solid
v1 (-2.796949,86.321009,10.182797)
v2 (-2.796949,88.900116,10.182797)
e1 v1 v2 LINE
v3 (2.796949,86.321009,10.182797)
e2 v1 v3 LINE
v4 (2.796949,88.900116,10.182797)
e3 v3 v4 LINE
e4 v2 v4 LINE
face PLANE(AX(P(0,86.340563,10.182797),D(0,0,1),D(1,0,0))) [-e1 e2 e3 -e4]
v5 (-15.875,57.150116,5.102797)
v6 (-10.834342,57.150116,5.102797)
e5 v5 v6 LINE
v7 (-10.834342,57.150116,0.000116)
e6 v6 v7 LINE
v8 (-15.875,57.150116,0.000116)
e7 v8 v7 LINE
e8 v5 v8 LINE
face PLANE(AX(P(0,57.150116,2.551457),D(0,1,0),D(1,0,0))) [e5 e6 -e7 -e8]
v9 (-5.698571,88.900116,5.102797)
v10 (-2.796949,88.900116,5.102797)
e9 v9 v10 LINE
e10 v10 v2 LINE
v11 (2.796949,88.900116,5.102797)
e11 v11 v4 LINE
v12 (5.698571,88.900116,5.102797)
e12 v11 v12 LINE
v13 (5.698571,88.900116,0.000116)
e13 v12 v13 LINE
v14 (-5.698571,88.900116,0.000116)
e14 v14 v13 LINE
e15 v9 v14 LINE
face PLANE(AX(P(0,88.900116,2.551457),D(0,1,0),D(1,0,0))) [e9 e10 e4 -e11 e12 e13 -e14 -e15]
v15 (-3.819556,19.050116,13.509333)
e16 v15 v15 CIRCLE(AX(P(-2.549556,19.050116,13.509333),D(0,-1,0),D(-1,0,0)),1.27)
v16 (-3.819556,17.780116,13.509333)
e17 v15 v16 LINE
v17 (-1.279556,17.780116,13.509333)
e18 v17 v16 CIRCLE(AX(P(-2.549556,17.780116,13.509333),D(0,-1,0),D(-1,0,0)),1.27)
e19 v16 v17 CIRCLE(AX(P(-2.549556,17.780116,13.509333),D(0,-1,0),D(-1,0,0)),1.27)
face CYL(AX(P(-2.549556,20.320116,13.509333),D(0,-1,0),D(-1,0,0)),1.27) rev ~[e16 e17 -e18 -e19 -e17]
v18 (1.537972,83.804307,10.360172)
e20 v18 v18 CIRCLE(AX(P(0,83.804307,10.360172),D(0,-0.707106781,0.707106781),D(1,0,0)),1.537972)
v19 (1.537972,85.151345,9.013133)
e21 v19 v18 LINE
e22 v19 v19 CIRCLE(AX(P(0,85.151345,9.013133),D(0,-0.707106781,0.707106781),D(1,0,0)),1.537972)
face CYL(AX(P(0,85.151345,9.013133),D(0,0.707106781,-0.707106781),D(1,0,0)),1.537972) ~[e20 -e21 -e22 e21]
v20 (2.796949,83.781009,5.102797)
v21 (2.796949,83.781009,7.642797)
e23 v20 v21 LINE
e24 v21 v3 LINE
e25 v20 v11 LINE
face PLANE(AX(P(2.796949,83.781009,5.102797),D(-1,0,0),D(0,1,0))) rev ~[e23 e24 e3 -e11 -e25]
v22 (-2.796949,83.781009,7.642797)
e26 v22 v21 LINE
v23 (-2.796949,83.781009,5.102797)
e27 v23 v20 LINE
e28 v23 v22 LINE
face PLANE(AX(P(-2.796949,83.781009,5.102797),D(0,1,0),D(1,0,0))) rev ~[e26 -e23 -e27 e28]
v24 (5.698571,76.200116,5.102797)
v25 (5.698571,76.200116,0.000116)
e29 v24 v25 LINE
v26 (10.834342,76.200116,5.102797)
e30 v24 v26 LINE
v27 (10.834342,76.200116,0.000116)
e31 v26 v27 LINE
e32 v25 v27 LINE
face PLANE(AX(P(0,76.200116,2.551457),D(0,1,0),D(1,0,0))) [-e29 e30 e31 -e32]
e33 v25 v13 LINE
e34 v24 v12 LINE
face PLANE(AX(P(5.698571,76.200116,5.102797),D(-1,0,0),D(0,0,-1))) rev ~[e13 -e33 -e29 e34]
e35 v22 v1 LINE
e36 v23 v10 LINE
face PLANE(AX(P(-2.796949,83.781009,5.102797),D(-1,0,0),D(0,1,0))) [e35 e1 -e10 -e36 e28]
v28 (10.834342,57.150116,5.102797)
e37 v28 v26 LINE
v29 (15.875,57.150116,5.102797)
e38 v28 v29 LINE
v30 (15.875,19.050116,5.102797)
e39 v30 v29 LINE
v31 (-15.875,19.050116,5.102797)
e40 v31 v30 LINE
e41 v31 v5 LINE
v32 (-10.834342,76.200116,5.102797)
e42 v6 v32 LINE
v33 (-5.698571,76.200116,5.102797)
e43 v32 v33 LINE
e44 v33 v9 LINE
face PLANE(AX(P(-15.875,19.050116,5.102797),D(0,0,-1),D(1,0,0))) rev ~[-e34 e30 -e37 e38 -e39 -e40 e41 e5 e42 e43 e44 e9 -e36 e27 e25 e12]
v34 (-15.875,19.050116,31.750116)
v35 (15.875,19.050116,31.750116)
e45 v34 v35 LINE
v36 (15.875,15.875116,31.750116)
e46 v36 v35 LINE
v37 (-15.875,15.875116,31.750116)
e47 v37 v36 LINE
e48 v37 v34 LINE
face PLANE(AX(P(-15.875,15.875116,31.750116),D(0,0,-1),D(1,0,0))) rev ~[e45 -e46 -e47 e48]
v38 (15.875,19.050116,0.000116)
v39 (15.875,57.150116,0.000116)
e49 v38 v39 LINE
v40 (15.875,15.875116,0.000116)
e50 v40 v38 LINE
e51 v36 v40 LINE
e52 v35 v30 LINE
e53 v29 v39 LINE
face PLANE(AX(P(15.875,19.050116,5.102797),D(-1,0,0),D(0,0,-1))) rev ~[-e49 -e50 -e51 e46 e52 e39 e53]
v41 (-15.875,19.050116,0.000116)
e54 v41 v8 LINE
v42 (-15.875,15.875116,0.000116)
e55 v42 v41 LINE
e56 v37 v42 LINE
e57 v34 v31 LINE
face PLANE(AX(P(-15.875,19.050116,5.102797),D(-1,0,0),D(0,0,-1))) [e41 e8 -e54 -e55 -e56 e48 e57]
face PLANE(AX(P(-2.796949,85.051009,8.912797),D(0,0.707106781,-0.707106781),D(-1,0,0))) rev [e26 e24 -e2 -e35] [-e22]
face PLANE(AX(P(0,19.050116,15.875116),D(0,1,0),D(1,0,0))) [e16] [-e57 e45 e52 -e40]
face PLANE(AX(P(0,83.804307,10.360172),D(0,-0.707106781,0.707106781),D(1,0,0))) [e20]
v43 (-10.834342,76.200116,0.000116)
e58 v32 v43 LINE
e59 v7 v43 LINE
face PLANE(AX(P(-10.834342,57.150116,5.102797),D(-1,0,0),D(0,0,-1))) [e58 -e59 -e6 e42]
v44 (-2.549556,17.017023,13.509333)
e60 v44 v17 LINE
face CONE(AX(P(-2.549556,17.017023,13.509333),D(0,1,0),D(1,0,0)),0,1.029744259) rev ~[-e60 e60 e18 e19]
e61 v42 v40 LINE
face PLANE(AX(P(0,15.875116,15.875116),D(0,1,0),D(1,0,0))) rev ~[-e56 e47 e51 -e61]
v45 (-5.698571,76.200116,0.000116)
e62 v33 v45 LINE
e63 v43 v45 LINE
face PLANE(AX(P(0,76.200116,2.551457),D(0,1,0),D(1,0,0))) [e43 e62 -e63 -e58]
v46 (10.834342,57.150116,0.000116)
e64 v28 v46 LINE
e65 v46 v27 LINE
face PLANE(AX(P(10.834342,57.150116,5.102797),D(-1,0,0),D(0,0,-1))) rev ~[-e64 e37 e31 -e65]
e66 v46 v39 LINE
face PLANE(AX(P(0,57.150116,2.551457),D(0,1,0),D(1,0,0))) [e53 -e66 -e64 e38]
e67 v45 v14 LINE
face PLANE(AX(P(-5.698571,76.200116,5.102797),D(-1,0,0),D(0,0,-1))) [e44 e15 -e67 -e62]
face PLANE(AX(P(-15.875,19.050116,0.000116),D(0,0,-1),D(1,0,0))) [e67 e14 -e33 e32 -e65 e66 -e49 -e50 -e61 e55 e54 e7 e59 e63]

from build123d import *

# Parameters (mm, degrees)
F0_W      = 31.75
F0_H      = 31.75
F1_DEPTH  = 3.175
F3_D      = 2.54
F3_DEPTH  = 1.27
F3_TIP    = 0.7630929862
F4_W      = 31.75
F4_H      = 5.1026814207
F5_DEPTH  = 38.1
F6_W      = 21.6686837375
F6_H      = 5.1026814207
F7_DEPTH  = 19.05
F8_W      = 11.3971428946
F8_H      = 5.1026814207
F9_DEPTH  = 12.7
F10_W     = 5.5938977748
F10_H     = 5.1191067934
F11_DEPTH = 5.08
F12_SIZE  = 2.54
F14_ANGLE = -90
F15_R     = 1.5379719929
F16_DEPTH = 1.905


with BuildPart() as f1:
    # F0 (on Top) → F1 (new body)
    with BuildSketch(Plane.XY):
        Rectangle(F0_W, F0_H)
    extrude(amount=F1_DEPTH)

    # F3
    with Locations(Plane.XY.offset(3.175)):
        with Locations((-2.5495558511, 2.3657830898)):
            Hole(F3_D / 2, depth=F3_DEPTH)
            with Locations((0, 0, -(F3_DEPTH + F3_TIP / 2))):  # 118° drill point
                Cone(0, F3_D / 2, F3_TIP, mode=Mode.SUBTRACT)

    # F4 (on face) → F5 (join)
    with BuildSketch(Plane.XY.offset(3.175)):
        with Locations((0, 13.3236592896)):
            Rectangle(F4_W, F4_H)
    extrude(amount=F5_DEPTH)

    # F6 (on face) → F7 (join)
    with BuildSketch(Plane.XY.offset(41.275)):
        with Locations((0, 13.3236592896)):
            Rectangle(F6_W, F6_H)
    extrude(amount=F7_DEPTH)

    # F8 (on face) → F9 (join)
    with BuildSketch(Plane.XY.offset(60.325)):
        with Locations((0, 13.3236592896)):
            Rectangle(F8_W, F8_H)
    extrude(amount=F9_DEPTH)

    # F10 (on face) → F11 (join)
    with BuildSketch(Plane.XZ.offset(-10.7723185793)):
        with Locations((0, 70.4654466033)):
            Rectangle(F10_W, F10_H)
    extrude(amount=F11_DEPTH)

    # F12
    f12_edges = [f1.edges().sort_by_distance(p)[0] for p in [
        (0, 5.692319, 67.905893),
    ]]
    chamfer(f12_edges, length=F12_SIZE)


with BuildPart() as f1_1:
    # F14: moved
    add(f1.part.rotate(Axis((0, 15.8751159906, 0), (1, 0, 0)), F14_ANGLE))

    # F15 (on face) → F16 (join)
    with BuildSketch(Plane(origin=(0, 38.0691058929, -38.0691058929), x_dir=(1, 0, 0), z_dir=(0, -0.7071067812, 0.7071067812))):
        with Locations((0, 66.584341228)):
            Circle(F15_R)
    extrude(amount=F16_DEPTH)


solid = f1_1.part
